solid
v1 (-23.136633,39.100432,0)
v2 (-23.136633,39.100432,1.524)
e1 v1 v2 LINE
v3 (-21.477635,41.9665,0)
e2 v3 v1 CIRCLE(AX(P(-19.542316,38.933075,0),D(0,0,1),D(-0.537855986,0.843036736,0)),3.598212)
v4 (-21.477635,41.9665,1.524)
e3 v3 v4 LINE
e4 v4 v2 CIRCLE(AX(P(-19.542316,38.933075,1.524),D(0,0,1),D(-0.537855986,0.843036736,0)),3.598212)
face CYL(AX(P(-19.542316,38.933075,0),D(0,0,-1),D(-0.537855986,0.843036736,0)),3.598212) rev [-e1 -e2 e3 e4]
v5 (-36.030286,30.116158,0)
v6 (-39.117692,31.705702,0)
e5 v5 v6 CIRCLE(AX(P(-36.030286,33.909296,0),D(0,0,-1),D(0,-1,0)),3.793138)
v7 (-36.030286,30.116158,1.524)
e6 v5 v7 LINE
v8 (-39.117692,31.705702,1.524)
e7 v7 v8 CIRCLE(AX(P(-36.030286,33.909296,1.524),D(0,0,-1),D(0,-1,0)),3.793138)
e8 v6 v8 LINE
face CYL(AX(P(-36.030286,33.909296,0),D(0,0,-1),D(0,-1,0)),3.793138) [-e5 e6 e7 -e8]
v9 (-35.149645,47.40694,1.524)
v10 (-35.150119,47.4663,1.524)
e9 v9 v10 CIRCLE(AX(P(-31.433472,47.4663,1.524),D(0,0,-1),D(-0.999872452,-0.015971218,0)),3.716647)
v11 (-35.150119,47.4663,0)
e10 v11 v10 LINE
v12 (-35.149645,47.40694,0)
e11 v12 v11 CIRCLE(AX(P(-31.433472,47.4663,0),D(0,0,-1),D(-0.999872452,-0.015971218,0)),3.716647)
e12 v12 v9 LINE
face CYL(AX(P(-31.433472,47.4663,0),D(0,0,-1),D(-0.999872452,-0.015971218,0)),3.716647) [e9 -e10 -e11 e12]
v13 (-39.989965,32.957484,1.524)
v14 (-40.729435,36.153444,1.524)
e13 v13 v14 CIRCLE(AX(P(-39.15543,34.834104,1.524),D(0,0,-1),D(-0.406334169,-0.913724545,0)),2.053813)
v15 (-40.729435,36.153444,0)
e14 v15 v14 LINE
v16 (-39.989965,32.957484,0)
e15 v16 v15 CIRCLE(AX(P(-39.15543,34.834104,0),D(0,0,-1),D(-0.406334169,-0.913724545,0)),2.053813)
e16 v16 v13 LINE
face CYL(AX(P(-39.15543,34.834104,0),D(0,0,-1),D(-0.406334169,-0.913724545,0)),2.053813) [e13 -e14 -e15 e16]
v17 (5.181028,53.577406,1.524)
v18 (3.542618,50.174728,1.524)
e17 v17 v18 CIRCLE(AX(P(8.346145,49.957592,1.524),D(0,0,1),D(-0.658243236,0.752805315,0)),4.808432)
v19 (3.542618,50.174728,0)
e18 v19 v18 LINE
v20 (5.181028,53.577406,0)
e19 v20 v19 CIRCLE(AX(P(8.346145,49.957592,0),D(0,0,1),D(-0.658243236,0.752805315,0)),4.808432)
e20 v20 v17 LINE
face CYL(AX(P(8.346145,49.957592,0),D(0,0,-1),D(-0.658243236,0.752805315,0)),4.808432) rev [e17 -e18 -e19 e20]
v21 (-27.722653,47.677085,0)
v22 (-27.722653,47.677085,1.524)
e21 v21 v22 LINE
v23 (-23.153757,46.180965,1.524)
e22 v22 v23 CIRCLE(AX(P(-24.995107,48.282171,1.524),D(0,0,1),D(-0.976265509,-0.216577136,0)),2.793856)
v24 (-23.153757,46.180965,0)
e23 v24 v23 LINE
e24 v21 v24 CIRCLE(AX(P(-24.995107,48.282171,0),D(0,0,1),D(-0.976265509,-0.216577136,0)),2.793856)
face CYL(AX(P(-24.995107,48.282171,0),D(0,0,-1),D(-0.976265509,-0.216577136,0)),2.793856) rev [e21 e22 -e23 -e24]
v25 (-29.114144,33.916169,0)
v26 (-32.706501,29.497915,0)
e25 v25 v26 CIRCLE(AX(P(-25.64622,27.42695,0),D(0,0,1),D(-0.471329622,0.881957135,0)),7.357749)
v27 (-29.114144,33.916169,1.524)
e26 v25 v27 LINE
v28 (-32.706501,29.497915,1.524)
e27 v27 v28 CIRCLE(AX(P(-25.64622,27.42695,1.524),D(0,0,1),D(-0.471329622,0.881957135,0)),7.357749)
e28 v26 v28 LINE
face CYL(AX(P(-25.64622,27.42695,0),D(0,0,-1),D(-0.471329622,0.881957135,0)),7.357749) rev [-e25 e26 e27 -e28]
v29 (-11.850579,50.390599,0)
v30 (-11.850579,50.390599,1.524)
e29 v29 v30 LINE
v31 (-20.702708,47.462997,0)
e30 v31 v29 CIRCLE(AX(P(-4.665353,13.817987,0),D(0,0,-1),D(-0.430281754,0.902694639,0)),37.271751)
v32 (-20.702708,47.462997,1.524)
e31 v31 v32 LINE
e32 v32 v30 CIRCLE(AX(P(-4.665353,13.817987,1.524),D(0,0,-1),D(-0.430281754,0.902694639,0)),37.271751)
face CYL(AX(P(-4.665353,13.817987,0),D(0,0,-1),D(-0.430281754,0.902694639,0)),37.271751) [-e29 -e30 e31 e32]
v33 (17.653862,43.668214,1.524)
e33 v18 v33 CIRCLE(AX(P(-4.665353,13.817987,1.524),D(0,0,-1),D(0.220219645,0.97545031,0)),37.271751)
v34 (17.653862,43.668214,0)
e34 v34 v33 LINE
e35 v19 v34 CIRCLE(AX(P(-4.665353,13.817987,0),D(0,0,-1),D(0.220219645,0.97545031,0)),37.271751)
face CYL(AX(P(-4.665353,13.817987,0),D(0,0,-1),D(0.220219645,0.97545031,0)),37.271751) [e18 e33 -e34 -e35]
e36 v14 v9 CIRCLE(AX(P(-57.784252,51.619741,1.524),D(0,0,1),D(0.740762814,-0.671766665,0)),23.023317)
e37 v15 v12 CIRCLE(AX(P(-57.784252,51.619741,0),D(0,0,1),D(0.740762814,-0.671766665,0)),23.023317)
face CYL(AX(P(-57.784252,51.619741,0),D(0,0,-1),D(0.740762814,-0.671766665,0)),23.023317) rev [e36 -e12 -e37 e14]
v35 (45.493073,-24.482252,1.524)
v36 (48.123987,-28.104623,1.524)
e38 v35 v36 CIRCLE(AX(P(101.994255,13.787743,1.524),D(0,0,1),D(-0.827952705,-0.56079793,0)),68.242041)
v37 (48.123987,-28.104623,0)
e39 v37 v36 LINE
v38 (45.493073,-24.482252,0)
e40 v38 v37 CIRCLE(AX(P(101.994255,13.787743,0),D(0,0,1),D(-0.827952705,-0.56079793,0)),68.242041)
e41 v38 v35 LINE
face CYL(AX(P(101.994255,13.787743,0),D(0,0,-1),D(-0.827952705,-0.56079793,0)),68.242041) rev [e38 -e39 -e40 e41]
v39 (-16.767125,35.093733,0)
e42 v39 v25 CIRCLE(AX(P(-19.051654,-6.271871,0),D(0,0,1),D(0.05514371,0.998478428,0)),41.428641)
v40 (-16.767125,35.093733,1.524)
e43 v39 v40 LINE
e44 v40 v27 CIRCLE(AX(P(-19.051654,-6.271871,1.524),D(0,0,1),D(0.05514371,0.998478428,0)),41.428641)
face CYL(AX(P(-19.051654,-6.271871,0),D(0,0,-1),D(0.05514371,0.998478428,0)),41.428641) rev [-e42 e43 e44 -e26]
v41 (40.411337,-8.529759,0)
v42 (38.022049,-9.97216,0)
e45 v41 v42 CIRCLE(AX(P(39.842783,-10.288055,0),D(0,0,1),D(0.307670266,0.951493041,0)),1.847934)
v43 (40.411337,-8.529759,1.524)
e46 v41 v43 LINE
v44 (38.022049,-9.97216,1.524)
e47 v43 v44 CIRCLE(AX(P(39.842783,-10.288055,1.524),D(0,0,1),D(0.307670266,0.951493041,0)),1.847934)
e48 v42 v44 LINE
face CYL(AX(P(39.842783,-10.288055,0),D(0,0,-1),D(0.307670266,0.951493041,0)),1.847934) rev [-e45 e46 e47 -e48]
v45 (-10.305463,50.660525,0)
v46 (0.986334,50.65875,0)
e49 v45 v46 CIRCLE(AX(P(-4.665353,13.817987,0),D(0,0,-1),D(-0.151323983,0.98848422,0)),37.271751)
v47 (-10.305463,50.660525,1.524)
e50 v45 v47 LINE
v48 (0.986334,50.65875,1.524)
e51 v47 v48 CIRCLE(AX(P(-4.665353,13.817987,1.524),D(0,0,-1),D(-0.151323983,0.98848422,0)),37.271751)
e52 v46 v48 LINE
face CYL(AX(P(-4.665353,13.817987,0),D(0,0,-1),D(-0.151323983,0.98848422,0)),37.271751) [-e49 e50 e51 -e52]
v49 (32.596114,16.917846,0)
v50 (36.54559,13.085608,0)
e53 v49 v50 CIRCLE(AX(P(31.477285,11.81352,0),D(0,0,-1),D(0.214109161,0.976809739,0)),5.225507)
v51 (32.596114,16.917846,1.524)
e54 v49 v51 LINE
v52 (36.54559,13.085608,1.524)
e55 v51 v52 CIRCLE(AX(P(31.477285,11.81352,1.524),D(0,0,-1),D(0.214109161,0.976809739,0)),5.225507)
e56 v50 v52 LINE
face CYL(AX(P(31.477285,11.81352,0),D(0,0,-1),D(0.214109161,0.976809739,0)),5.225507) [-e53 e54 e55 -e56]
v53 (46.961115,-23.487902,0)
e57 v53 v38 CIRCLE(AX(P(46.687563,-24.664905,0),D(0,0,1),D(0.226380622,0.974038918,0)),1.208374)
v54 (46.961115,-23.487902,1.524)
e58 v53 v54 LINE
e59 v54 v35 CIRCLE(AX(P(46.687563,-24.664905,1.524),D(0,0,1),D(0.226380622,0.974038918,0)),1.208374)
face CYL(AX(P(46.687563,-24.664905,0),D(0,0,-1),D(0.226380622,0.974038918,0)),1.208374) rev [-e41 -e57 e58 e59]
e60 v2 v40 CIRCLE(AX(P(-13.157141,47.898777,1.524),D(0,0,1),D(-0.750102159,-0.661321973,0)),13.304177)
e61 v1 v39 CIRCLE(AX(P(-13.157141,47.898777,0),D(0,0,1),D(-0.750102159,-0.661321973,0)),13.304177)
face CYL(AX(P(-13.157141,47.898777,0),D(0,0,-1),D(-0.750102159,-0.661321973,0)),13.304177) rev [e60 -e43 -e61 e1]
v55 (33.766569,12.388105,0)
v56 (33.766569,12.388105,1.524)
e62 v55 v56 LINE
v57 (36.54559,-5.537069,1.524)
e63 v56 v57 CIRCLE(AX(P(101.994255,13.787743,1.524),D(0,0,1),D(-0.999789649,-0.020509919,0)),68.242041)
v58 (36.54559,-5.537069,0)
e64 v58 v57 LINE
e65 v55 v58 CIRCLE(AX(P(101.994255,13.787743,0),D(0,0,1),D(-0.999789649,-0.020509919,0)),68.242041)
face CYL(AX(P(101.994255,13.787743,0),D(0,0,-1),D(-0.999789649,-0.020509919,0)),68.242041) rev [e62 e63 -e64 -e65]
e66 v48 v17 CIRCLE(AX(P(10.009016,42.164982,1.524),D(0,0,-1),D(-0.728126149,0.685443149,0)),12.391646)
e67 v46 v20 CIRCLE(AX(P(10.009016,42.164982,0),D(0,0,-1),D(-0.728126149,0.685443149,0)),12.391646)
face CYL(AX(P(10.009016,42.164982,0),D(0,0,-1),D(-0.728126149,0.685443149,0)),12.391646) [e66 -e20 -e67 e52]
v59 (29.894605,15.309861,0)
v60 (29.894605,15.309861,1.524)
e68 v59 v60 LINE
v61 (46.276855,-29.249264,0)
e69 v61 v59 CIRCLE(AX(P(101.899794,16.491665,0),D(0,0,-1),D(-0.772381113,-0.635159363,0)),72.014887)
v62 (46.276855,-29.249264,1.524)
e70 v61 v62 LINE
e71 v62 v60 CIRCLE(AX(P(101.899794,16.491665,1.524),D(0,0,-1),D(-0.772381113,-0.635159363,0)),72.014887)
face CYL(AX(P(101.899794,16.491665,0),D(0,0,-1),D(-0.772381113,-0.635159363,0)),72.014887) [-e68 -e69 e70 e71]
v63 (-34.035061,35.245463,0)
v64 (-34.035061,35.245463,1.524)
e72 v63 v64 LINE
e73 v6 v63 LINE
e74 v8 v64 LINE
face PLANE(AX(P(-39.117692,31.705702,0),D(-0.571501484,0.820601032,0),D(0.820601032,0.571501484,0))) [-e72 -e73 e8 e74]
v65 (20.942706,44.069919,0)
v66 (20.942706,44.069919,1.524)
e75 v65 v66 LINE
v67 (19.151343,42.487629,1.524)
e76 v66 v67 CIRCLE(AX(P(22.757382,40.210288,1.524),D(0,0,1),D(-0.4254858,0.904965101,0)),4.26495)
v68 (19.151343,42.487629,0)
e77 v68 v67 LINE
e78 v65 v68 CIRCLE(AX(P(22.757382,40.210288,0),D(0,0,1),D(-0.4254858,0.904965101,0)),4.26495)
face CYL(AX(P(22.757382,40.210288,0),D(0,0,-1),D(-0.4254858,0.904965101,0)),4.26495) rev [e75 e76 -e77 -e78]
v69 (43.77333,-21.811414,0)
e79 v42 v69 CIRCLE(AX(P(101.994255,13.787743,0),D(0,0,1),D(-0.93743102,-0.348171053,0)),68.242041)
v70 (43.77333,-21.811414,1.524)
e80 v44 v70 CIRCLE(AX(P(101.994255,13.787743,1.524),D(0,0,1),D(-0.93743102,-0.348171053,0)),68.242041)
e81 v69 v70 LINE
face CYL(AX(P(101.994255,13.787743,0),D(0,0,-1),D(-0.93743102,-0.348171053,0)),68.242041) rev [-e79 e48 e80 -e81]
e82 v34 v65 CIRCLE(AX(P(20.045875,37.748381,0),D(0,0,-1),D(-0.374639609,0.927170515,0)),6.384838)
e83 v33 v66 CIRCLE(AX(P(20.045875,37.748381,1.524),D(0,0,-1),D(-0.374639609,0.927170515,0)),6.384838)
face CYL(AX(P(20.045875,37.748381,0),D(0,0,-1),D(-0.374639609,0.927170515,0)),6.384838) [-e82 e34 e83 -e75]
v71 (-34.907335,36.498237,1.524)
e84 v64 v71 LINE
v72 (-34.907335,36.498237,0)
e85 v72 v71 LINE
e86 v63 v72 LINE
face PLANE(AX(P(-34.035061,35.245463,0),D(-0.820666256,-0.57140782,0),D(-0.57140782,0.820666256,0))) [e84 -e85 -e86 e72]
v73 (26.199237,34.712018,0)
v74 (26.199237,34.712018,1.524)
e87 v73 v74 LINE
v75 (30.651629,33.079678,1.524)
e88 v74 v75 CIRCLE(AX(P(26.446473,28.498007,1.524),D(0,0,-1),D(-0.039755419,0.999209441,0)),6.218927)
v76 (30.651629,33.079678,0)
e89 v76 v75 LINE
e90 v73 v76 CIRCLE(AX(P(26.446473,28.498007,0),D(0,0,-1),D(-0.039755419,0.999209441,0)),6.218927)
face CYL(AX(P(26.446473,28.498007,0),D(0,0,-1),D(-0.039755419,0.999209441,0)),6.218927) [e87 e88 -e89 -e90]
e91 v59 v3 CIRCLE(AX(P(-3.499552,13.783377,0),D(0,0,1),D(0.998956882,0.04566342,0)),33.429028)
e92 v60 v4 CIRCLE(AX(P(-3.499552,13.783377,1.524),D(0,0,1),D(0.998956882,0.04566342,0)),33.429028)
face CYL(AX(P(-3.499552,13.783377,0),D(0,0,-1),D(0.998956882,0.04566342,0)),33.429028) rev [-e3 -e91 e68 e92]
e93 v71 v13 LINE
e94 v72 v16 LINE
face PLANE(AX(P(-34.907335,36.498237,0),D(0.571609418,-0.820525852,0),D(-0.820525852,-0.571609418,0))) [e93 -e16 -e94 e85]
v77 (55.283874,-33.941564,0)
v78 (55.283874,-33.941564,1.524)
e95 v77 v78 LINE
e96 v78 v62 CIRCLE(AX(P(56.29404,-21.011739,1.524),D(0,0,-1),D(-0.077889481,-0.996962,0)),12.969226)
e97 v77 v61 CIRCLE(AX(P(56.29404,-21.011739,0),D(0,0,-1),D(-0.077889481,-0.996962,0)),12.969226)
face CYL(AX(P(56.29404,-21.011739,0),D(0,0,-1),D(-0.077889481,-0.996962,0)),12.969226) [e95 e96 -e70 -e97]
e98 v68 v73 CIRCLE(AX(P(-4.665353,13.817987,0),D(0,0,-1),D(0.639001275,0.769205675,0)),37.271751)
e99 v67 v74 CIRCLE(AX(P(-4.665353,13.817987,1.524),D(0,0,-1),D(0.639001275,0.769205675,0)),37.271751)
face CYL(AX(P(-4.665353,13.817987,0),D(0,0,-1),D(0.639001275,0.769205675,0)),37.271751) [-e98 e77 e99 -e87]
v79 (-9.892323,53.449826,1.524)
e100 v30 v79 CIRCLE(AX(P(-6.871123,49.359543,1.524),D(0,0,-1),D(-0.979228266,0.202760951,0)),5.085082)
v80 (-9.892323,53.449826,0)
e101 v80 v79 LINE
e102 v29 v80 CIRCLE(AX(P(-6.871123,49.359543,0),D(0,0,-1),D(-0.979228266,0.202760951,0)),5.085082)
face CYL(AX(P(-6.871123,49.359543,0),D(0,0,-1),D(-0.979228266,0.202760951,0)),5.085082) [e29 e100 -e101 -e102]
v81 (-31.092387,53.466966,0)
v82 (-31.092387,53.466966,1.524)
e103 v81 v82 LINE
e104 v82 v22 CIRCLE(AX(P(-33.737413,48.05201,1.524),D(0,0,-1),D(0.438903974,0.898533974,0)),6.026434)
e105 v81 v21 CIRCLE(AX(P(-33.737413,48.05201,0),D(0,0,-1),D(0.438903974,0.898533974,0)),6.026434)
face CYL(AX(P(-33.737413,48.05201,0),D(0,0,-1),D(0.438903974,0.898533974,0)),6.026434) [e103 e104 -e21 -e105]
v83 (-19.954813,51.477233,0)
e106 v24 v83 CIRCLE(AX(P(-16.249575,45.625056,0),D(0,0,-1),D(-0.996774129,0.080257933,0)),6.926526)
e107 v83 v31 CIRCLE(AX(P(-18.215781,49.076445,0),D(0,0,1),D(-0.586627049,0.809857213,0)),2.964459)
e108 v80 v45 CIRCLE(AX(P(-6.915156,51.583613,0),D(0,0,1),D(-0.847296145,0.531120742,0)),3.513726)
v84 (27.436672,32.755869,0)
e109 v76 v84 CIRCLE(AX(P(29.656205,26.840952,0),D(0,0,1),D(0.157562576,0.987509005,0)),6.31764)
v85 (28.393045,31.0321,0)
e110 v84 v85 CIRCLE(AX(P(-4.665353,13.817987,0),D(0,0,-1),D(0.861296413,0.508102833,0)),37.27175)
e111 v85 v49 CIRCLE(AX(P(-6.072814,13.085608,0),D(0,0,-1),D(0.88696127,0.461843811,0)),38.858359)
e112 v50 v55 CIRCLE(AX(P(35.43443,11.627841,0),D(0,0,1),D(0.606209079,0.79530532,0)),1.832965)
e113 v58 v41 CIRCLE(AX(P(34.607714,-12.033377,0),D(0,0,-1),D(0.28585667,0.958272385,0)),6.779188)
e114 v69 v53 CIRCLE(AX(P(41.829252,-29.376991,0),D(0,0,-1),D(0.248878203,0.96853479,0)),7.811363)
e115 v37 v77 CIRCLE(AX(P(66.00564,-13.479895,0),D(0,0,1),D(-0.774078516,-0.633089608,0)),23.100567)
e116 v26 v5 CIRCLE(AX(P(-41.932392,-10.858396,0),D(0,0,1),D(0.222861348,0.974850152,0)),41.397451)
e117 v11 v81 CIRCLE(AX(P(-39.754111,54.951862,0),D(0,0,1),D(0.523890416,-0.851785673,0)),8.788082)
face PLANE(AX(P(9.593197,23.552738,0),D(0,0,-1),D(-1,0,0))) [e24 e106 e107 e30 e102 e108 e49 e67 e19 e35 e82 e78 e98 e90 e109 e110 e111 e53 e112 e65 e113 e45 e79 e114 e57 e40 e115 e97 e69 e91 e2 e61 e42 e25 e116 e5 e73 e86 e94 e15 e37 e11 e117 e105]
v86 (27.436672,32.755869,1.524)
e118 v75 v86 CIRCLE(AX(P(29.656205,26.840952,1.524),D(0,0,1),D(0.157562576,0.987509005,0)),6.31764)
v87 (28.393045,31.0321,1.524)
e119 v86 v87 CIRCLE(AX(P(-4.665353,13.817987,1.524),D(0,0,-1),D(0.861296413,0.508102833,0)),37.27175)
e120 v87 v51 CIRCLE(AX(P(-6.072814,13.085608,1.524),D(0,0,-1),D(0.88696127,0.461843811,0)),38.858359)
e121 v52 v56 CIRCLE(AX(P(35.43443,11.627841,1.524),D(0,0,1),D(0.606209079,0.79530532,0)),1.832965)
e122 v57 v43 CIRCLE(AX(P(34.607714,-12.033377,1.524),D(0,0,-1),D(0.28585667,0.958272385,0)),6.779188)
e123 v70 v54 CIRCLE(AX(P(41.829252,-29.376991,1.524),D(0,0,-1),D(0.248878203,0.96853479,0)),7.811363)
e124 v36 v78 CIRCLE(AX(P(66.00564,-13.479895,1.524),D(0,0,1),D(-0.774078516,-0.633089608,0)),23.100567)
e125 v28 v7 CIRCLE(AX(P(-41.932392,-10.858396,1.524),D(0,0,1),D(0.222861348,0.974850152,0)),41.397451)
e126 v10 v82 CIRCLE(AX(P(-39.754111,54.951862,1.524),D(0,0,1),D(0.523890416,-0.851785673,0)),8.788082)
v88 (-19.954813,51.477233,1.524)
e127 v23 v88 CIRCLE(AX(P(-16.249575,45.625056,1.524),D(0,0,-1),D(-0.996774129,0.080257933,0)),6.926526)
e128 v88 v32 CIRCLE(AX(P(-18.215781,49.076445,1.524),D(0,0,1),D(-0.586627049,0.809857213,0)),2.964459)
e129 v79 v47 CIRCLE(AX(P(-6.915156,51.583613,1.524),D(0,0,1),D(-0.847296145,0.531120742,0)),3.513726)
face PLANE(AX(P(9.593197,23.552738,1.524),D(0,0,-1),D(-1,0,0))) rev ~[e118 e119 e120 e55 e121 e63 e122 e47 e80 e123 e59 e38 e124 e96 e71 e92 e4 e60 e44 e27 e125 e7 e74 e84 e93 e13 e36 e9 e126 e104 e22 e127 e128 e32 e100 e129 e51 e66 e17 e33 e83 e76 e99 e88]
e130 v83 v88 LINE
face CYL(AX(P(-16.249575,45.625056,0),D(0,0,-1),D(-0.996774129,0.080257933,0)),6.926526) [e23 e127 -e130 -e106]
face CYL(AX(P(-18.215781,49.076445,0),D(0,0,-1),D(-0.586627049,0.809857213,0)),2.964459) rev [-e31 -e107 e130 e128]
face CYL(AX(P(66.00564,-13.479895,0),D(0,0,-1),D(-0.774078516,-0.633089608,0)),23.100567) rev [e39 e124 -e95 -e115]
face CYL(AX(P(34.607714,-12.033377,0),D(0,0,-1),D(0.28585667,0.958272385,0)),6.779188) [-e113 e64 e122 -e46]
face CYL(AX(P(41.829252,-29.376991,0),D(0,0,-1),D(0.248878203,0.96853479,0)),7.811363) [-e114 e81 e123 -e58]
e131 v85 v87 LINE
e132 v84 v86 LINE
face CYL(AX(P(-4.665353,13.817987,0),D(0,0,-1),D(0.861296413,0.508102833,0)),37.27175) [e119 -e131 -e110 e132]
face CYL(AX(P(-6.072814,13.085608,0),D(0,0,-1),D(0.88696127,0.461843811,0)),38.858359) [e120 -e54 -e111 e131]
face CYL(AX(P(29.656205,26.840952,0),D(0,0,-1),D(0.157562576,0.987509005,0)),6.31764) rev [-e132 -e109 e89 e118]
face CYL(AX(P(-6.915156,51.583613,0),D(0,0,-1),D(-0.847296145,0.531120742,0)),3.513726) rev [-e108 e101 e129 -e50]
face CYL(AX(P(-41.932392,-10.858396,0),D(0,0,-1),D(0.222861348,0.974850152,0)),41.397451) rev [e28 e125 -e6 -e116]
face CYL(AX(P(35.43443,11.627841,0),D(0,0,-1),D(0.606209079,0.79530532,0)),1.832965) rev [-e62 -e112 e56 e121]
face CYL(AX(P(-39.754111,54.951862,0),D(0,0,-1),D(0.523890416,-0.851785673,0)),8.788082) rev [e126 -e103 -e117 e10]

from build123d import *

# Parameters (mm, degrees)
BOSS_EXTRUDE1_DEPTH = 1.524


with BuildPart() as part:
    # Sketch1 → Boss-Extrude1 (new body)
    with BuildSketch(Plane.XY):
        with BuildLine():
            Line((-39.117691612, 31.705702494), (-34.035061267, 35.245462587))
            Line((-34.035061267, 35.245462587), (-34.907334502, 36.4982372))
            Line((-34.907334502, 36.4982372), (-39.989964847, 32.957484201))
            ThreePointArc((-39.989964847, 32.957484201), (-41.156381442, 34.371130843), (-40.72943499, 36.153444291))
            ThreePointArc((-40.72943499, 36.153444291), (-37.157257908, 41.392315435), (-35.149645056, 47.406940162))
            ThreePointArc((-35.149645056, 47.406940162), (-35.150000593, 47.436618983), (-35.150119107, 47.466299697))
            ThreePointArc((-35.150119107, 47.466299697), (-32.474220558, 50.029100651), (-31.092386734, 53.46696584))
            ThreePointArc((-31.092386734, 53.46696584), (-28.528895289, 51.083388449), (-27.722652605, 47.677085129))
            ThreePointArc((-27.722652605, 47.677085129), (-25.864549179, 45.627042683), (-23.153757297, 46.180964831))
            ThreePointArc((-23.153757297, 46.180964831), (-22.178534836, 49.206145698), (-19.954812919, 51.477233316))
            ThreePointArc((-19.954812919, 51.477233316), (-21.130091376, 49.619411518), (-20.702707555, 47.462996819))
            ThreePointArc((-20.702707555, 47.462996819), (-16.368548246, 49.204688548), (-11.850579294, 50.390598976))
            ThreePointArc((-11.850579294, 50.390598976), (-11.153919, 52.10102423), (-9.892322836, 53.449825638))
            ThreePointArc((-9.892322836, 53.449825638), (-10.390962499, 52.098435339), (-10.305463017, 50.66052467))
            ThreePointArc((-10.305463017, 50.66052467), (-4.659496824, 51.089737509), (0.986334207, 50.658750415))
            ThreePointArc((0.986334207, 50.658750415), (2.931593893, 52.336657489), (5.181027531, 53.577405529))
            ThreePointArc((5.181027531, 53.577405529), (4.013781328, 52.043650888), (3.542618472, 50.174728054))
            ThreePointArc((3.542618472, 50.174728054), (10.941086412, 47.665032068), (17.653861509, 43.668214296))
            ThreePointArc((17.653861509, 43.668214296), (19.271772807, 44.086118721), (20.942706276, 44.069919276))
            ThreePointArc((20.942706276, 44.069919276), (19.933918295, 43.40682582), (19.151343007, 42.48762941))
            ThreePointArc((19.151343007, 42.48762941), (22.950326986, 38.849120016), (26.199236503, 34.712017549))
            ThreePointArc((26.199236503, 34.712017549), (28.587130465, 34.336897034), (30.651629038, 33.079678433))
            ThreePointArc((30.651629038, 33.079678433), (29.023098561, 33.126789379), (27.436671978, 32.755869369))
            ThreePointArc((27.436671978, 32.755869369), (27.926256891, 31.900308765), (28.393045297, 31.032100312))
            ThreePointArc((28.393045297, 31.032100312), (31.169330508, 24.1759064), (32.596114117, 16.917845842))
            ThreePointArc((32.596114117, 16.917845842), (35.116195442, 15.563753706), (36.545589929, 13.085607866))
            ThreePointArc((36.545589929, 13.085607866), (34.988216261, 13.405663895), (33.766569049, 12.388104711))
            ThreePointArc((33.766569049, 12.388104711), (34.557842987, 3.332770711), (36.545589929, -5.537068656))
            ThreePointArc((36.545589929, -5.537068656), (38.757623722, -6.672814151), (40.411337246, -8.52975866))
            ThreePointArc((40.411337246, -8.52975866), (38.887733864, -8.706049408), (38.022049175, -9.972159875))
            ThreePointArc((38.022049175, -9.972159875), (40.611583977, -16.03077135), (43.773329776, -21.811413788))
            ThreePointArc((43.773329776, -21.811413788), (45.465168408, -22.463416845), (46.96111524, -23.487901602))
            ThreePointArc((46.96111524, -23.487901602), (46.009909008, -23.664428409), (45.493072894, -24.482252008))
            ThreePointArc((45.493072894, -24.482252008), (46.778816766, -26.31501847), (48.123987434, -28.104623476))
            ThreePointArc((48.123987434, -28.104623476), (51.40918984, -31.384637985), (55.283874059, -33.941564308))
            ThreePointArc((55.283874059, -33.941564308), (50.301959018, -32.513729239), (46.276855411, -29.249264289))
            ThreePointArc((46.276855411, -29.249264289), (34.30827338, -8.358491308), (29.894604694, 15.309860564))
            ThreePointArc((29.894604694, 15.309860564), (11.897133565, 43.455618791), (-21.477635315, 41.96649978))
            ThreePointArc((-21.477635315, 41.96649978), (-22.656445953, 40.735662089), (-23.136633245, 39.10043241))
            ThreePointArc((-23.136633245, 39.10043241), (-20.241057696, 36.637371423), (-16.767124999, 35.093733251))
            ThreePointArc((-16.767124999, 35.093733251), (-22.9849523, 34.969630573), (-29.11414449, 33.916169174))
            ThreePointArc((-29.11414449, 33.916169174), (-31.355074443, 32.068657032), (-32.706500842, 29.497914951))
            ThreePointArc((-32.706500842, 29.497914951), (-34.36207957, 29.840980807), (-36.03028603, 30.116157682))
            ThreePointArc((-36.03028603, 30.116157682), (-37.766569844, 30.536876005), (-39.117691612, 31.705702494))
        make_face()
    extrude(amount=BOSS_EXTRUDE1_DEPTH)


solid = part.part
